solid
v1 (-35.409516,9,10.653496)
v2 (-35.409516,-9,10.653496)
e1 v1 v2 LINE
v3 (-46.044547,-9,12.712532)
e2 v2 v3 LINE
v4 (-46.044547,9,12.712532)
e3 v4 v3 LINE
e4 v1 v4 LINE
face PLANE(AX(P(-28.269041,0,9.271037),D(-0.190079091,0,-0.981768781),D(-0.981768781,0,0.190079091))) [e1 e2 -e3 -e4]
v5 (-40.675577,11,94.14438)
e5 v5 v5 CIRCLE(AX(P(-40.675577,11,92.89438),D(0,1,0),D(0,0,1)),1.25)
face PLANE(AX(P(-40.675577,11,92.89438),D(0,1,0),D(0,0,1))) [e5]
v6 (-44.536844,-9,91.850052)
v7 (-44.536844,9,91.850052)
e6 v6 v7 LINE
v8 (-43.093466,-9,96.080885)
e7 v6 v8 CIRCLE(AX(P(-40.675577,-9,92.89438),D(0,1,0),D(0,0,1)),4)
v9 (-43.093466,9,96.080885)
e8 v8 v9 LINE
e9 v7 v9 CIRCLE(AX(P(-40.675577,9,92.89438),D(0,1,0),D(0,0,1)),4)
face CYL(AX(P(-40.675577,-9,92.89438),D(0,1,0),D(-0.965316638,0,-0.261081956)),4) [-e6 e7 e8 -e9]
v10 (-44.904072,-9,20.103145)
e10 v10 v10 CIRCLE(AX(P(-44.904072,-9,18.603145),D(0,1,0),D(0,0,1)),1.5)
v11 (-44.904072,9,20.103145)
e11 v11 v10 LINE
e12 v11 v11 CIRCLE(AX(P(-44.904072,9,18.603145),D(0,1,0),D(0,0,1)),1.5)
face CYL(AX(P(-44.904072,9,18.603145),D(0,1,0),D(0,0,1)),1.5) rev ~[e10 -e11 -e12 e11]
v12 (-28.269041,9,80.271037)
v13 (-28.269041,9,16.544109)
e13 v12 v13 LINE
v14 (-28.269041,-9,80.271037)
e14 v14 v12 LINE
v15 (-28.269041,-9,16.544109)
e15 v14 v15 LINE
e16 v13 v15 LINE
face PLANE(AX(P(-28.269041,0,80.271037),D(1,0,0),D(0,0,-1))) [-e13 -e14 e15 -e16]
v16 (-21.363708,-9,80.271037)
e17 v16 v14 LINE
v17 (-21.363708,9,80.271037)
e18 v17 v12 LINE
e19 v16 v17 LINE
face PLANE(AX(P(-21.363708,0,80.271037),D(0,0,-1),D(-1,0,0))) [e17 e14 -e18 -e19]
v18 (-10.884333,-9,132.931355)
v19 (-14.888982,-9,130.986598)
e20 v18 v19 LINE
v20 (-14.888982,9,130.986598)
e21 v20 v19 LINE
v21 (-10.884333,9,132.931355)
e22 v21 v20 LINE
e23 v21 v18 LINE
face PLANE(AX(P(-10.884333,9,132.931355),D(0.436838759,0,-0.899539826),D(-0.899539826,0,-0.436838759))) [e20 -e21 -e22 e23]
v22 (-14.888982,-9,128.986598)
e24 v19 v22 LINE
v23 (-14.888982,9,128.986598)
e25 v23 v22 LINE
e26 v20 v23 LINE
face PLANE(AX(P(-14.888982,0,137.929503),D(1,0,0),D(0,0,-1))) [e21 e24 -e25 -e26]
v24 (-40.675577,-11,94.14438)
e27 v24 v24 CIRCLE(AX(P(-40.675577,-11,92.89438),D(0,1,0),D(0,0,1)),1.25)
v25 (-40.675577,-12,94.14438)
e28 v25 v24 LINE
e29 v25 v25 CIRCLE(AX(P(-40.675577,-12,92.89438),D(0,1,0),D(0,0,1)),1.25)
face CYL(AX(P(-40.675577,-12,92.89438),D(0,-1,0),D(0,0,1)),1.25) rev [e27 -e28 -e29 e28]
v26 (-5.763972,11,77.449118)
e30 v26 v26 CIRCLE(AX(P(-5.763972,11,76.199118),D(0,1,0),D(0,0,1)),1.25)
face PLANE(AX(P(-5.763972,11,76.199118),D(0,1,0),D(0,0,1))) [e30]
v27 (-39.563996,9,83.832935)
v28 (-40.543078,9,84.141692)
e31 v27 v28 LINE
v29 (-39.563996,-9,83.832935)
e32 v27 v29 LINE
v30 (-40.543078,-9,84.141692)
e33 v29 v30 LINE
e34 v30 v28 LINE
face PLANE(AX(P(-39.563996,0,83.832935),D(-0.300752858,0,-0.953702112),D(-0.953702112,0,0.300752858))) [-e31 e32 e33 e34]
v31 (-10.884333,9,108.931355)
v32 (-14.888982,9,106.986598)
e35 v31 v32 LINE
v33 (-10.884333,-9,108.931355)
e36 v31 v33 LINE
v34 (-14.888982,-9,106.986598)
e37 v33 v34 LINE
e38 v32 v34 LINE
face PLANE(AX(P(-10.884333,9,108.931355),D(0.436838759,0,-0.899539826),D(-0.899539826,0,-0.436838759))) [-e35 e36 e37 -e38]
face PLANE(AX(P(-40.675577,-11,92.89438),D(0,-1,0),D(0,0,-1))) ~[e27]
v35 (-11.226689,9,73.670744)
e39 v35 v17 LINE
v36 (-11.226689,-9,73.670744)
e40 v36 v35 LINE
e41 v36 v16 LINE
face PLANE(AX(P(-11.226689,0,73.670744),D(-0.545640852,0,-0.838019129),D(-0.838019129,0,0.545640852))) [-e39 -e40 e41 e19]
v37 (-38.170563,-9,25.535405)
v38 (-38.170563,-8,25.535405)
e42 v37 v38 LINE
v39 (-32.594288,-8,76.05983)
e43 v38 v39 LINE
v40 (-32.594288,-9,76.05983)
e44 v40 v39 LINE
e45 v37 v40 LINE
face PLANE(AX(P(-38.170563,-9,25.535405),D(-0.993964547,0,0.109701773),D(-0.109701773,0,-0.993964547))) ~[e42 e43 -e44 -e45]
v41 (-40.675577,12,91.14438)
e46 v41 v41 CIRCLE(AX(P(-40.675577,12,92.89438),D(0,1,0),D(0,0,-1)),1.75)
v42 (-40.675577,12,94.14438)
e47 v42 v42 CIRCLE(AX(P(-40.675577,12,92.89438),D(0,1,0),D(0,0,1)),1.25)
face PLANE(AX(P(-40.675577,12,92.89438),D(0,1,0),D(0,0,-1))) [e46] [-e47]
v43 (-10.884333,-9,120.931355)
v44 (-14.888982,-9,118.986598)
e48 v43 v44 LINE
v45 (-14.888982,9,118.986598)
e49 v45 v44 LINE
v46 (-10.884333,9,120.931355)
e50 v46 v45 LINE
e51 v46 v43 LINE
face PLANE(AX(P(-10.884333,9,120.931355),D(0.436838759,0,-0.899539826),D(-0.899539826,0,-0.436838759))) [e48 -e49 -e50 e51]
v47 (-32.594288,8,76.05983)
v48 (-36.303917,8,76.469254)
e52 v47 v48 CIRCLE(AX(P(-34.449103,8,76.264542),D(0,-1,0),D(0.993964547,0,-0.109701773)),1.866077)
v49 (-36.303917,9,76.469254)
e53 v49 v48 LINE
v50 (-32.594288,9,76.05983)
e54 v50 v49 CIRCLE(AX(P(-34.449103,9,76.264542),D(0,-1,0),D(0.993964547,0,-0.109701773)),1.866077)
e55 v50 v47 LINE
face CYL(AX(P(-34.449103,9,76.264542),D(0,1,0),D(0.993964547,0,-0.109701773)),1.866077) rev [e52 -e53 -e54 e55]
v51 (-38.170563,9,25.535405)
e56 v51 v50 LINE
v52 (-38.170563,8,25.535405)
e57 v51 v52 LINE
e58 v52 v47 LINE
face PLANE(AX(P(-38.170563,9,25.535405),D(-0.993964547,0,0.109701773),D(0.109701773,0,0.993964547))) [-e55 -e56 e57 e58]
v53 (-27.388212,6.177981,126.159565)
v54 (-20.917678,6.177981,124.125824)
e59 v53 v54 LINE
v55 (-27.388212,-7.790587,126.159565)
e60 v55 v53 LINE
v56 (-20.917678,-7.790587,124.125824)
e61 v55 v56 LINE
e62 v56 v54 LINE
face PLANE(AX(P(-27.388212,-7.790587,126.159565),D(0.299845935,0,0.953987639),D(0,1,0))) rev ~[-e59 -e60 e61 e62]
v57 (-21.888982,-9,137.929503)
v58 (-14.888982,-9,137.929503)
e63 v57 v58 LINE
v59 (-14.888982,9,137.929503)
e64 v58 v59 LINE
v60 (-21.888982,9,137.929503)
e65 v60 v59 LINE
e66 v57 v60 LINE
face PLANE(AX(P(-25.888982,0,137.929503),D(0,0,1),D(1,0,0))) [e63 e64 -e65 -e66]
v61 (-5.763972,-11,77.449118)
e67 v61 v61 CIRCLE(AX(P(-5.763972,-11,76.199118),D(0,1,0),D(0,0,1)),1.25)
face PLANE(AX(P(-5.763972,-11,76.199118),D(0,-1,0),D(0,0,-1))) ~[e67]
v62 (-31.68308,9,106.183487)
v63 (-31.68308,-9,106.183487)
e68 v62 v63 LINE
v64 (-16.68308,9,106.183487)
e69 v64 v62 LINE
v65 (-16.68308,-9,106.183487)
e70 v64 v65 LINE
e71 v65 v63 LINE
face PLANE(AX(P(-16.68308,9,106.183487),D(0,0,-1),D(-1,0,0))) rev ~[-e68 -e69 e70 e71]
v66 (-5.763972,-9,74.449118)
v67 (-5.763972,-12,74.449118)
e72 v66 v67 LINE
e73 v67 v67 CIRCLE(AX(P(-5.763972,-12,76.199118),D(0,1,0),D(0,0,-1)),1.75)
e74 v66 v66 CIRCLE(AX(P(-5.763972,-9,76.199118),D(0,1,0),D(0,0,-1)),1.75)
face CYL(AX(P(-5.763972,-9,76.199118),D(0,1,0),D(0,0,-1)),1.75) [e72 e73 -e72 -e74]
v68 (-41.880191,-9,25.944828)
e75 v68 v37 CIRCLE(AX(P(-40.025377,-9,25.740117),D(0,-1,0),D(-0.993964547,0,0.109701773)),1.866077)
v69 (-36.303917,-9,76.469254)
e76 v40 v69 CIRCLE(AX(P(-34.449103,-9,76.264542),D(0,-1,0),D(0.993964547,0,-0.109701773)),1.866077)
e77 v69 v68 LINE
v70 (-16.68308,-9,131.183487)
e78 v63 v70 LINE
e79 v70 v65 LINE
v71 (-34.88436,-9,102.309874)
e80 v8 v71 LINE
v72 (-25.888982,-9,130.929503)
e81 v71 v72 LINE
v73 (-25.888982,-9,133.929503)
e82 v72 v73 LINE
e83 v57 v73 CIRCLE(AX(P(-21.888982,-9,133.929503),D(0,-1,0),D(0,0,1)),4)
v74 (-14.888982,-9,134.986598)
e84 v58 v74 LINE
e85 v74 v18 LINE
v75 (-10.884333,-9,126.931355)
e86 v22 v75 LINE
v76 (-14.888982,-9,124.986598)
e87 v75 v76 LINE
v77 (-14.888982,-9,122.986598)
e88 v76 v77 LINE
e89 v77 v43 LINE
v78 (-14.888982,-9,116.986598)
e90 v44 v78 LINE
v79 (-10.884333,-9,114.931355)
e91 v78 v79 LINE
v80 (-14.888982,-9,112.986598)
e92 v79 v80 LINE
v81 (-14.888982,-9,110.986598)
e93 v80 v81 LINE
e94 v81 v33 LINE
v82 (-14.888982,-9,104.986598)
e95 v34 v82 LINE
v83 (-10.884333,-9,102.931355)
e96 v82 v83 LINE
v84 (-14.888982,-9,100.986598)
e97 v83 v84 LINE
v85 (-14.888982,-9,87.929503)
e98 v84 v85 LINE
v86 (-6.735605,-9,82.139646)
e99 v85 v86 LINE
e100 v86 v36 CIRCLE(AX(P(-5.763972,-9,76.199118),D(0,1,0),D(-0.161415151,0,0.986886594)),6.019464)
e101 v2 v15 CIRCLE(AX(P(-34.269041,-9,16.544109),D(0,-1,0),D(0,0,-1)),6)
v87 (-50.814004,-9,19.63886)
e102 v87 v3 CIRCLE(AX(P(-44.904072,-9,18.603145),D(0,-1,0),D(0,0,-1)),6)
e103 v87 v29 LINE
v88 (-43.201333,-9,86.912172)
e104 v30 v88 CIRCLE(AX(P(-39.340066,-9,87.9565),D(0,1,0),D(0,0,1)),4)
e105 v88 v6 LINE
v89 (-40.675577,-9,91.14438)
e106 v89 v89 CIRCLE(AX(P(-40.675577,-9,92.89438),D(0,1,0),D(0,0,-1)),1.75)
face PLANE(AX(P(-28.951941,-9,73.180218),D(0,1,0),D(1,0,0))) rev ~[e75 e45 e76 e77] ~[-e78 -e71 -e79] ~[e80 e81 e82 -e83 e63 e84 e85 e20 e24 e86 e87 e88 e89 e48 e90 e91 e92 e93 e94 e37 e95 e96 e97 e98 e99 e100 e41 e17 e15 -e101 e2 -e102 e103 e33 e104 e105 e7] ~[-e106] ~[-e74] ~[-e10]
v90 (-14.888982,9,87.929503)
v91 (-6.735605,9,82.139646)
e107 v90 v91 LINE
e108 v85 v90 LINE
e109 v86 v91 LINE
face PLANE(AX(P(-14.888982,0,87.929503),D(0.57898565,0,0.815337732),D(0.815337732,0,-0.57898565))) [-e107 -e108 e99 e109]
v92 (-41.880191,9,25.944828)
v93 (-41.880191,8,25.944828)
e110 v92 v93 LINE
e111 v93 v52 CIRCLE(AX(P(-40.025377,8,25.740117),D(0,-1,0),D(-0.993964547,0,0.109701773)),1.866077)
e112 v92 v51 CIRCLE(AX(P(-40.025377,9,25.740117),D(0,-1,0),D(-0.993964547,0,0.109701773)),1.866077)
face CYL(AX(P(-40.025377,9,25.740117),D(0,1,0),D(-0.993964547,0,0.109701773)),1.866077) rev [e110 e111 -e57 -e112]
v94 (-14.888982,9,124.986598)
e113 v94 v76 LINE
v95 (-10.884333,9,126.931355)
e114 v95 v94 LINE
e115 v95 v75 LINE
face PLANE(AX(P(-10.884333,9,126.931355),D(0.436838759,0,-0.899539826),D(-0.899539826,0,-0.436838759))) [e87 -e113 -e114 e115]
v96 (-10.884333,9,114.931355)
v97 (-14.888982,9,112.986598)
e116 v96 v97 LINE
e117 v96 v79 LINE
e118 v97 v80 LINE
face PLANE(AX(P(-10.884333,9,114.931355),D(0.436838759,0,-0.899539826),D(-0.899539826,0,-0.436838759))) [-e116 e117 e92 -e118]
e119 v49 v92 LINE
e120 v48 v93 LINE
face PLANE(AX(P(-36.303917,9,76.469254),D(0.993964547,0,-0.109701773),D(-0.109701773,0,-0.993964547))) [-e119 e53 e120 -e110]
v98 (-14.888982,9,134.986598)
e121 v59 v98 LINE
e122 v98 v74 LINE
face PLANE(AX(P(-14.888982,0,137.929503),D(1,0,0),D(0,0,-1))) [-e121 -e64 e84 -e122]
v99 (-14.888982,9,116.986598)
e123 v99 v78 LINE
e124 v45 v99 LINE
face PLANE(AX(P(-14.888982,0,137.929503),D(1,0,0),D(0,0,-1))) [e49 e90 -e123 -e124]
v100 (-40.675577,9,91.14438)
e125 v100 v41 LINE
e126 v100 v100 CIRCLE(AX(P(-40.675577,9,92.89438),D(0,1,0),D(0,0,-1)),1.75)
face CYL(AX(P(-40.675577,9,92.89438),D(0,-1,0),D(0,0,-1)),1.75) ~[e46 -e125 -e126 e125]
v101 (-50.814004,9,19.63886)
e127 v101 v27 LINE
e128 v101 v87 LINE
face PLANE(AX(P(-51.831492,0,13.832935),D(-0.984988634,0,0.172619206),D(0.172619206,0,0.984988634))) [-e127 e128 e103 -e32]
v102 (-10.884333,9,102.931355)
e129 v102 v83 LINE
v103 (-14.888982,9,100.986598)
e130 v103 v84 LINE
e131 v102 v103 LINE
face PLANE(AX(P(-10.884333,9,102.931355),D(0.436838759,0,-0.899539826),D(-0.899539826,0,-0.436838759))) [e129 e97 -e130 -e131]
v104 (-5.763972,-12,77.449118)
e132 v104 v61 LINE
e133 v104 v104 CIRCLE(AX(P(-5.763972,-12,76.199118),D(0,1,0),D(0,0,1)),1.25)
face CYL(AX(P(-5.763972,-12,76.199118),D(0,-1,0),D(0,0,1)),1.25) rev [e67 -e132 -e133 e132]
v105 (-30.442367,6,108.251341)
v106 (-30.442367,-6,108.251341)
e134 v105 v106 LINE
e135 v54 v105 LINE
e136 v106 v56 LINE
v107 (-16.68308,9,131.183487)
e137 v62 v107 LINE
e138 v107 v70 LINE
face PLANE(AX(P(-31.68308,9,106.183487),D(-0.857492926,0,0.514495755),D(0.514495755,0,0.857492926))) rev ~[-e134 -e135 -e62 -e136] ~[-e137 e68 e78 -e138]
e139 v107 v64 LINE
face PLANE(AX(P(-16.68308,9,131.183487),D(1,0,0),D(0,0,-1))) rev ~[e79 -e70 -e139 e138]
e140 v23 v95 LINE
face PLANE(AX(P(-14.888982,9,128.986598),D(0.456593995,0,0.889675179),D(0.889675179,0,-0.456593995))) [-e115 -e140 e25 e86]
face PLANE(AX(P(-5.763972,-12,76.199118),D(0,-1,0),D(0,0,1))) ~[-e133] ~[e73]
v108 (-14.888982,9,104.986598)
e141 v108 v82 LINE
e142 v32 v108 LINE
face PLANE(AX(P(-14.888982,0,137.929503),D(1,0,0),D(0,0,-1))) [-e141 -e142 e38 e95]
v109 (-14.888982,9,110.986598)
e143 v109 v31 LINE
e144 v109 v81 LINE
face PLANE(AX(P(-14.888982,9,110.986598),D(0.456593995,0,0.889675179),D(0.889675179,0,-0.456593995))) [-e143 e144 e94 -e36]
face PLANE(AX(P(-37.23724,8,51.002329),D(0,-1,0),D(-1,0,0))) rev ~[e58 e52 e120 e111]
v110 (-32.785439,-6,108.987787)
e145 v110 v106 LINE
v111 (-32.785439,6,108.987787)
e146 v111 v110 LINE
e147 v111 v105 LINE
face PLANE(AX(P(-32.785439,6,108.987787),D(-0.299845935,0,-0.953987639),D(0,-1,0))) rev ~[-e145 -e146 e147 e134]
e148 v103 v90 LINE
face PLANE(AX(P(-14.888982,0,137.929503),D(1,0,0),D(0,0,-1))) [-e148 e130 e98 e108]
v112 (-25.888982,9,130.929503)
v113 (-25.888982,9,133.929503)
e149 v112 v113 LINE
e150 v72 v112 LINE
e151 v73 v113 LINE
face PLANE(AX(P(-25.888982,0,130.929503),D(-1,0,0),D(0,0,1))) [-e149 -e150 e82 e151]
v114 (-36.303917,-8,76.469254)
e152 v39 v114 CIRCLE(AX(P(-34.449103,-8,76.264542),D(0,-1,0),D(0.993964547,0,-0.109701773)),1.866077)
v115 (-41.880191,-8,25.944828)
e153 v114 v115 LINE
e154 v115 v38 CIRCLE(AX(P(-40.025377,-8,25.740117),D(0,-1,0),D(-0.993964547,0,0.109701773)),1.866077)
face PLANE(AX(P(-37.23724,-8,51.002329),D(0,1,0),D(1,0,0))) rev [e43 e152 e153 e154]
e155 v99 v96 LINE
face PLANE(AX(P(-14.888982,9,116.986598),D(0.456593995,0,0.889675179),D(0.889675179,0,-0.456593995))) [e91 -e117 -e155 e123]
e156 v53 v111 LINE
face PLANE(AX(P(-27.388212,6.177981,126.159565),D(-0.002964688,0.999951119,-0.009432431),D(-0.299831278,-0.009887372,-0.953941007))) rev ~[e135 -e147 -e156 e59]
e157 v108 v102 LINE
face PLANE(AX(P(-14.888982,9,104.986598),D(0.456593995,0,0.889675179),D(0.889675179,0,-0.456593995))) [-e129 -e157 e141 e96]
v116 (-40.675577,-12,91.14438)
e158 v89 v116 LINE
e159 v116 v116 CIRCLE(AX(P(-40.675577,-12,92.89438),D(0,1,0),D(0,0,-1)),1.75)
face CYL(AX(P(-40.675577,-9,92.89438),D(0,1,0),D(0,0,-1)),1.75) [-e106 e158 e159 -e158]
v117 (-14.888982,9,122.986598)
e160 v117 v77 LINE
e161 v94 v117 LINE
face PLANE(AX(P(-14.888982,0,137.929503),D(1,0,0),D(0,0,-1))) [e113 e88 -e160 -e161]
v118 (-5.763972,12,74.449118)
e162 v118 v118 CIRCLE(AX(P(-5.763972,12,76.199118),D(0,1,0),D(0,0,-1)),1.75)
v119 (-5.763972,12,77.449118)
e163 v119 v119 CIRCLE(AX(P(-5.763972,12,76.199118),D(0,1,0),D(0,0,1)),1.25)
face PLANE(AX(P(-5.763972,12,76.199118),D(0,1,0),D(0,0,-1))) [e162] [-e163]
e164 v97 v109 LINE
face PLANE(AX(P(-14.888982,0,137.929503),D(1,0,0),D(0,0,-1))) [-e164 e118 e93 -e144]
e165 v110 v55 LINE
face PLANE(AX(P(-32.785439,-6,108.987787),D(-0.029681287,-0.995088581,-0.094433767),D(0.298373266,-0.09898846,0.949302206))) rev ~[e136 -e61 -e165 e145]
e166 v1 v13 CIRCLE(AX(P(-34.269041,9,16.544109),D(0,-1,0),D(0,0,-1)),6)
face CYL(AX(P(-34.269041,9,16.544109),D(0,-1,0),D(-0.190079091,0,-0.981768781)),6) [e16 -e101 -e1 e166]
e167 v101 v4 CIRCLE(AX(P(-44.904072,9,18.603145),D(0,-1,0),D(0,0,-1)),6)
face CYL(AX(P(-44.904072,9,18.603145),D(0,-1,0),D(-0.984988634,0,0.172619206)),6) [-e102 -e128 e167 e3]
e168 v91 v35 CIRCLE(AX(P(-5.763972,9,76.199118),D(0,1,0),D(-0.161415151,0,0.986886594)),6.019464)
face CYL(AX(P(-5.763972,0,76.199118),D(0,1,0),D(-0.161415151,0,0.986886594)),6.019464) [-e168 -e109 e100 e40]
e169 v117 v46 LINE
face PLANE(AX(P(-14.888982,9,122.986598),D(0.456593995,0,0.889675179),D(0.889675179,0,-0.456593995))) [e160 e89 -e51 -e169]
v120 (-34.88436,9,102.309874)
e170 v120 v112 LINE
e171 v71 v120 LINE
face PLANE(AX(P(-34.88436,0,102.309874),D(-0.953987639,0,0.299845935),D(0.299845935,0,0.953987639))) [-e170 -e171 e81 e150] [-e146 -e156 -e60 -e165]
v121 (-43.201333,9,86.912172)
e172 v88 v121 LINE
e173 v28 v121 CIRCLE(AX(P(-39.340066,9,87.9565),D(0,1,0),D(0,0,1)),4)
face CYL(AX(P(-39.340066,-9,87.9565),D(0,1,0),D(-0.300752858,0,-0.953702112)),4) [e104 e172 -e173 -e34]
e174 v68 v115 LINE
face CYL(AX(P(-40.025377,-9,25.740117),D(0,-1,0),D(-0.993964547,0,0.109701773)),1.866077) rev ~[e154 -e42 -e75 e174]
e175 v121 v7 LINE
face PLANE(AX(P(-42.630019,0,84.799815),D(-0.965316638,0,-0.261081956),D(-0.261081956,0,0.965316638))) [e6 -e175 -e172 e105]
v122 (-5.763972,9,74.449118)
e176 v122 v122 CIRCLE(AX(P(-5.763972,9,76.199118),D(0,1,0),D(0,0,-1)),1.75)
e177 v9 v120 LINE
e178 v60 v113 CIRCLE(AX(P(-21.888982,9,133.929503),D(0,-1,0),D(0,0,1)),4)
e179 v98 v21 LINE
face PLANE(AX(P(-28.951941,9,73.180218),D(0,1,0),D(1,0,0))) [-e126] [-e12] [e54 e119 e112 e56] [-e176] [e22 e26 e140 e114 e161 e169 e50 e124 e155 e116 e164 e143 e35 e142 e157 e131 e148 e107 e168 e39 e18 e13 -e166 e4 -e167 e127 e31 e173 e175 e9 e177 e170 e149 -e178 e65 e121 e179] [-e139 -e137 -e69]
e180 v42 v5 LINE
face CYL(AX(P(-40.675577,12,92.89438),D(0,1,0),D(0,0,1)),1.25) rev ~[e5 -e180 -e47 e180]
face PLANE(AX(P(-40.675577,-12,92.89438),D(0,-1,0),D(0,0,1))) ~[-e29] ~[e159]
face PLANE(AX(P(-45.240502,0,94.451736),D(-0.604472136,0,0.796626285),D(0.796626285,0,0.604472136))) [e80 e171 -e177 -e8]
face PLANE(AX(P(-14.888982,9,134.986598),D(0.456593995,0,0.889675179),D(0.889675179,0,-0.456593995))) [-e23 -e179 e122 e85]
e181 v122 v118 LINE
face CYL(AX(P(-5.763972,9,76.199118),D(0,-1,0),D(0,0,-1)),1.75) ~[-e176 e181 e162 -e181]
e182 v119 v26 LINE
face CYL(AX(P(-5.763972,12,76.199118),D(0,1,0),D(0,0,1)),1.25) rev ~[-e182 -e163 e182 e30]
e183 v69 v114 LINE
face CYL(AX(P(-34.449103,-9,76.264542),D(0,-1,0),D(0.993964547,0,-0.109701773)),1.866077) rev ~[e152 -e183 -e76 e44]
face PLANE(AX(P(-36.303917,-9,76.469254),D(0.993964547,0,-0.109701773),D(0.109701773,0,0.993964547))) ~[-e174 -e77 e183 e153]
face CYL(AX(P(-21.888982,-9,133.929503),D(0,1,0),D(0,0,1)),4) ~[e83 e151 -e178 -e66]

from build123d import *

# Parameters (mm, degrees)
BOSS_EXTRUDE1_DEPTH = 9
FILLET1_R           = 6
FILLET2_R           = 4
BOSS_EXTRUDE2_DEPTH = 18
LPATTERN1_COUNT     = 6
LPATTERN1_PITCH     = 6
CUT_EXTRUDE1_DEPTH  = 149.120803233
CUT_EXTRUDE2_DEPTH  = 8
SKETCH6_R           = 1.5
CUT_EXTRUDE3_DEPTH  = 149.120803233
SKETCH7_R           = 1.75
BOSS_EXTRUDE3_DEPTH = 3
SKETCH9_R           = 1.25
CUT_EXTRUDE4_DEPTH  = 1
SKETCH10_R          = 1.25
CUT_EXTRUDE5_DEPTH  = 1
CUT_EXTRUDE7_DEPTH  = 1


with BuildPart() as part:
    # Sketch2 → Boss-Extrude1 (new, symmetric)
    with BuildSketch(Plane(origin=(0, 0, 0), x_dir=(1, 0, 0), z_dir=(0, 1, 0))):
        with BuildLine():
            Line((-39.563995826, -83.832935468), (-42.630019208, -84.799815256))
            Line((-42.630019208, -84.799815256), (-45.240501853, -94.451735935))
            Line((-45.240501853, -94.451735935), (-34.884360154, -102.309873698))
            Line((-34.884360154, -102.309873698), (-25.888982114, -130.929502869))
            Line((-25.888982114, -130.929502869), (-25.888982114, -137.929502869))
            Line((-25.888982114, -137.929502869), (-14.888982114, -137.929502869))
            Line((-14.888982114, -137.929502869), (-14.888982114, -87.929502869))
            Line((-14.888982114, -87.929502869), (-6.735604792, -82.139646373))
            ThreePointArc((-6.735604792, -82.139646373), (-0.446003435, -73.378982845), (-11.226689216, -73.670744316))
            Line((-11.226689216, -73.670744316), (-21.363708344, -80.271037279))
            Line((-21.363708344, -80.271037279), (-28.269041415, -80.271037279))
            Line((-28.269041415, -80.271037279), (-28.269041415, -9.271037279))
            Line((-28.269041415, -9.271037279), (-51.831492155, -13.832935468))
            Line((-51.831492155, -13.832935468), (-39.563995826, -83.832935468))
        make_face()
    extrude(amount=BOSS_EXTRUDE1_DEPTH, both=True)

    # Fillet1
    fillet1_edges = [part.edges().sort_by_distance(p)[0] for p in [
        (-51.831492155, 0, 13.832935468),
        (-28.269041415, 0, 9.271037279),
    ]]
    fillet(fillet1_edges, radius=FILLET1_R)

    # Fillet2
    fillet2_edges = [part.edges().sort_by_distance(p)[0] for p in [
        (-42.630019208, 0, 84.799815256),
        (-25.888982114, 0, 137.929502869),
        (-45.240501853, 0, 94.451735935),
    ]]
    fillet(fillet2_edges, radius=FILLET2_R)

    # Sketch3 → Boss-Extrude2 (add)
    with BuildSketch(Plane(origin=(0, 9, 0), x_dir=(1, 0, 0), z_dir=(0, 1, 0))):
        Polygon((-14.888982114, -130.986597937), (-14.888982114, -134.986597937), (-10.884332588, -132.931354664), align=None)
    boss_extrude2 = extrude(amount=-BOSS_EXTRUDE2_DEPTH)

    # LPattern1: Boss-Extrude2 ×6
    with Locations(*[(0, 0, -i * LPATTERN1_PITCH) for i in range(1, LPATTERN1_COUNT)]):
        add(boss_extrude2)

    # Sketch4 → Cut-Extrude1 (cut, through all)
    with BuildSketch(Plane(origin=(0, 9, 0), x_dir=(1, 0, 0), z_dir=(0, 1, 0))):
        Polygon((-16.683079676, -131.183487283), (-16.683079676, -106.183487283), (-31.683079676, -106.183487283), align=None)
    extrude(amount=-CUT_EXTRUDE1_DEPTH, mode=Mode.SUBTRACT)

    # Sketch5 → Cut-Extrude2 (cut)
    with BuildSketch(Plane(origin=(-61.013660914, 0, 19.177080956), x_dir=(0.29984593468383275, 0, 0.9539876390465334), z_dir=(-0.9539876390465333, 0, 0.2998459346838327))):
        Polygon((94.142421284, 6), (94.142421284, -6), (112.142421284, -7.790586592), (112.142421284, 6.177981397), align=None)
    extrude(amount=-CUT_EXTRUDE2_DEPTH, mode=Mode.SUBTRACT)

    # Sketch6 → Cut-Extrude3 (cut, through all)
    with BuildSketch(Plane(origin=(0, 9, 0), x_dir=(1, 0, 0), z_dir=(0, 1, 0))):
        with Locations(Location((-44.904072418, -18.603144546, 0), (0, 0, 270))):
            Circle(SKETCH6_R)
    extrude(amount=-CUT_EXTRUDE3_DEPTH, mode=Mode.SUBTRACT)

    # Sketch7 → Boss-Extrude3 (add)
    with BuildSketch(Plane(origin=(0, 9, 0), x_dir=(1, 0, 0), z_dir=(0, 1, 0))):
        with Locations(Location((-40.67557748, -92.894380322, 0), (0, 0, 90))):
            Circle(SKETCH7_R)
        with Locations(Location((-5.76397205, -76.199117717, 0), (0, 0, 90))):
            Circle(SKETCH7_R)
    boss_extrude3 = extrude(amount=BOSS_EXTRUDE3_DEPTH)

    # Sketch9 → Cut-Extrude4 (cut)
    with BuildSketch(Plane(origin=(0, 12, 0), x_dir=(1, 0, 0), z_dir=(0, 1, 0))):
        with Locations(Location((-40.67557748, -92.894380322, 0), (0, 0, 270))):
            Circle(SKETCH9_R)
    cut_extrude4 = extrude(amount=-CUT_EXTRUDE4_DEPTH, mode=Mode.SUBTRACT)

    # Sketch10 → Cut-Extrude5 (cut)
    with BuildSketch(Plane(origin=(0, 12, 0), x_dir=(1, 0, 0), z_dir=(0, 1, 0))):
        with Locations(Location((-5.76397205, -76.199117717, 0), (0, 0, 270))):
            Circle(SKETCH10_R)
    cut_extrude5 = extrude(amount=-CUT_EXTRUDE5_DEPTH, mode=Mode.SUBTRACT)

    # Sketch11 → Cut-Extrude7 (cut)
    with BuildSketch(Plane(origin=(0, 9, 0), x_dir=(1, 0, 0), z_dir=(0, 1, 0))):
        with BuildLine():
            Line((-38.170562816, -25.535404597), (-32.594288437, -76.059830025))
            ThreePointArc((-32.594288437, -76.059830025), (-34.244390745, -78.119356213), (-36.303916933, -76.469253906))
            Line((-36.303916933, -76.469253906), (-41.880191311, -25.944828478))
            ThreePointArc((-41.880191311, -25.944828478), (-40.230089004, -23.88530229), (-38.170562816, -25.535404597))
        make_face()
    cut_extrude7 = extrude(amount=-CUT_EXTRUDE7_DEPTH, mode=Mode.SUBTRACT)

    # Mirror1: Boss-Extrude3, Cut-Extrude4, Cut-Extrude5, Cut-Extrude7 across plane
    add(boss_extrude3.mirror(Plane.ZX))
    add(cut_extrude4.mirror(Plane.ZX), mode=Mode.SUBTRACT)
    add(cut_extrude5.mirror(Plane.ZX), mode=Mode.SUBTRACT)
    add(cut_extrude7.mirror(Plane.ZX), mode=Mode.SUBTRACT)


solid = part.part
